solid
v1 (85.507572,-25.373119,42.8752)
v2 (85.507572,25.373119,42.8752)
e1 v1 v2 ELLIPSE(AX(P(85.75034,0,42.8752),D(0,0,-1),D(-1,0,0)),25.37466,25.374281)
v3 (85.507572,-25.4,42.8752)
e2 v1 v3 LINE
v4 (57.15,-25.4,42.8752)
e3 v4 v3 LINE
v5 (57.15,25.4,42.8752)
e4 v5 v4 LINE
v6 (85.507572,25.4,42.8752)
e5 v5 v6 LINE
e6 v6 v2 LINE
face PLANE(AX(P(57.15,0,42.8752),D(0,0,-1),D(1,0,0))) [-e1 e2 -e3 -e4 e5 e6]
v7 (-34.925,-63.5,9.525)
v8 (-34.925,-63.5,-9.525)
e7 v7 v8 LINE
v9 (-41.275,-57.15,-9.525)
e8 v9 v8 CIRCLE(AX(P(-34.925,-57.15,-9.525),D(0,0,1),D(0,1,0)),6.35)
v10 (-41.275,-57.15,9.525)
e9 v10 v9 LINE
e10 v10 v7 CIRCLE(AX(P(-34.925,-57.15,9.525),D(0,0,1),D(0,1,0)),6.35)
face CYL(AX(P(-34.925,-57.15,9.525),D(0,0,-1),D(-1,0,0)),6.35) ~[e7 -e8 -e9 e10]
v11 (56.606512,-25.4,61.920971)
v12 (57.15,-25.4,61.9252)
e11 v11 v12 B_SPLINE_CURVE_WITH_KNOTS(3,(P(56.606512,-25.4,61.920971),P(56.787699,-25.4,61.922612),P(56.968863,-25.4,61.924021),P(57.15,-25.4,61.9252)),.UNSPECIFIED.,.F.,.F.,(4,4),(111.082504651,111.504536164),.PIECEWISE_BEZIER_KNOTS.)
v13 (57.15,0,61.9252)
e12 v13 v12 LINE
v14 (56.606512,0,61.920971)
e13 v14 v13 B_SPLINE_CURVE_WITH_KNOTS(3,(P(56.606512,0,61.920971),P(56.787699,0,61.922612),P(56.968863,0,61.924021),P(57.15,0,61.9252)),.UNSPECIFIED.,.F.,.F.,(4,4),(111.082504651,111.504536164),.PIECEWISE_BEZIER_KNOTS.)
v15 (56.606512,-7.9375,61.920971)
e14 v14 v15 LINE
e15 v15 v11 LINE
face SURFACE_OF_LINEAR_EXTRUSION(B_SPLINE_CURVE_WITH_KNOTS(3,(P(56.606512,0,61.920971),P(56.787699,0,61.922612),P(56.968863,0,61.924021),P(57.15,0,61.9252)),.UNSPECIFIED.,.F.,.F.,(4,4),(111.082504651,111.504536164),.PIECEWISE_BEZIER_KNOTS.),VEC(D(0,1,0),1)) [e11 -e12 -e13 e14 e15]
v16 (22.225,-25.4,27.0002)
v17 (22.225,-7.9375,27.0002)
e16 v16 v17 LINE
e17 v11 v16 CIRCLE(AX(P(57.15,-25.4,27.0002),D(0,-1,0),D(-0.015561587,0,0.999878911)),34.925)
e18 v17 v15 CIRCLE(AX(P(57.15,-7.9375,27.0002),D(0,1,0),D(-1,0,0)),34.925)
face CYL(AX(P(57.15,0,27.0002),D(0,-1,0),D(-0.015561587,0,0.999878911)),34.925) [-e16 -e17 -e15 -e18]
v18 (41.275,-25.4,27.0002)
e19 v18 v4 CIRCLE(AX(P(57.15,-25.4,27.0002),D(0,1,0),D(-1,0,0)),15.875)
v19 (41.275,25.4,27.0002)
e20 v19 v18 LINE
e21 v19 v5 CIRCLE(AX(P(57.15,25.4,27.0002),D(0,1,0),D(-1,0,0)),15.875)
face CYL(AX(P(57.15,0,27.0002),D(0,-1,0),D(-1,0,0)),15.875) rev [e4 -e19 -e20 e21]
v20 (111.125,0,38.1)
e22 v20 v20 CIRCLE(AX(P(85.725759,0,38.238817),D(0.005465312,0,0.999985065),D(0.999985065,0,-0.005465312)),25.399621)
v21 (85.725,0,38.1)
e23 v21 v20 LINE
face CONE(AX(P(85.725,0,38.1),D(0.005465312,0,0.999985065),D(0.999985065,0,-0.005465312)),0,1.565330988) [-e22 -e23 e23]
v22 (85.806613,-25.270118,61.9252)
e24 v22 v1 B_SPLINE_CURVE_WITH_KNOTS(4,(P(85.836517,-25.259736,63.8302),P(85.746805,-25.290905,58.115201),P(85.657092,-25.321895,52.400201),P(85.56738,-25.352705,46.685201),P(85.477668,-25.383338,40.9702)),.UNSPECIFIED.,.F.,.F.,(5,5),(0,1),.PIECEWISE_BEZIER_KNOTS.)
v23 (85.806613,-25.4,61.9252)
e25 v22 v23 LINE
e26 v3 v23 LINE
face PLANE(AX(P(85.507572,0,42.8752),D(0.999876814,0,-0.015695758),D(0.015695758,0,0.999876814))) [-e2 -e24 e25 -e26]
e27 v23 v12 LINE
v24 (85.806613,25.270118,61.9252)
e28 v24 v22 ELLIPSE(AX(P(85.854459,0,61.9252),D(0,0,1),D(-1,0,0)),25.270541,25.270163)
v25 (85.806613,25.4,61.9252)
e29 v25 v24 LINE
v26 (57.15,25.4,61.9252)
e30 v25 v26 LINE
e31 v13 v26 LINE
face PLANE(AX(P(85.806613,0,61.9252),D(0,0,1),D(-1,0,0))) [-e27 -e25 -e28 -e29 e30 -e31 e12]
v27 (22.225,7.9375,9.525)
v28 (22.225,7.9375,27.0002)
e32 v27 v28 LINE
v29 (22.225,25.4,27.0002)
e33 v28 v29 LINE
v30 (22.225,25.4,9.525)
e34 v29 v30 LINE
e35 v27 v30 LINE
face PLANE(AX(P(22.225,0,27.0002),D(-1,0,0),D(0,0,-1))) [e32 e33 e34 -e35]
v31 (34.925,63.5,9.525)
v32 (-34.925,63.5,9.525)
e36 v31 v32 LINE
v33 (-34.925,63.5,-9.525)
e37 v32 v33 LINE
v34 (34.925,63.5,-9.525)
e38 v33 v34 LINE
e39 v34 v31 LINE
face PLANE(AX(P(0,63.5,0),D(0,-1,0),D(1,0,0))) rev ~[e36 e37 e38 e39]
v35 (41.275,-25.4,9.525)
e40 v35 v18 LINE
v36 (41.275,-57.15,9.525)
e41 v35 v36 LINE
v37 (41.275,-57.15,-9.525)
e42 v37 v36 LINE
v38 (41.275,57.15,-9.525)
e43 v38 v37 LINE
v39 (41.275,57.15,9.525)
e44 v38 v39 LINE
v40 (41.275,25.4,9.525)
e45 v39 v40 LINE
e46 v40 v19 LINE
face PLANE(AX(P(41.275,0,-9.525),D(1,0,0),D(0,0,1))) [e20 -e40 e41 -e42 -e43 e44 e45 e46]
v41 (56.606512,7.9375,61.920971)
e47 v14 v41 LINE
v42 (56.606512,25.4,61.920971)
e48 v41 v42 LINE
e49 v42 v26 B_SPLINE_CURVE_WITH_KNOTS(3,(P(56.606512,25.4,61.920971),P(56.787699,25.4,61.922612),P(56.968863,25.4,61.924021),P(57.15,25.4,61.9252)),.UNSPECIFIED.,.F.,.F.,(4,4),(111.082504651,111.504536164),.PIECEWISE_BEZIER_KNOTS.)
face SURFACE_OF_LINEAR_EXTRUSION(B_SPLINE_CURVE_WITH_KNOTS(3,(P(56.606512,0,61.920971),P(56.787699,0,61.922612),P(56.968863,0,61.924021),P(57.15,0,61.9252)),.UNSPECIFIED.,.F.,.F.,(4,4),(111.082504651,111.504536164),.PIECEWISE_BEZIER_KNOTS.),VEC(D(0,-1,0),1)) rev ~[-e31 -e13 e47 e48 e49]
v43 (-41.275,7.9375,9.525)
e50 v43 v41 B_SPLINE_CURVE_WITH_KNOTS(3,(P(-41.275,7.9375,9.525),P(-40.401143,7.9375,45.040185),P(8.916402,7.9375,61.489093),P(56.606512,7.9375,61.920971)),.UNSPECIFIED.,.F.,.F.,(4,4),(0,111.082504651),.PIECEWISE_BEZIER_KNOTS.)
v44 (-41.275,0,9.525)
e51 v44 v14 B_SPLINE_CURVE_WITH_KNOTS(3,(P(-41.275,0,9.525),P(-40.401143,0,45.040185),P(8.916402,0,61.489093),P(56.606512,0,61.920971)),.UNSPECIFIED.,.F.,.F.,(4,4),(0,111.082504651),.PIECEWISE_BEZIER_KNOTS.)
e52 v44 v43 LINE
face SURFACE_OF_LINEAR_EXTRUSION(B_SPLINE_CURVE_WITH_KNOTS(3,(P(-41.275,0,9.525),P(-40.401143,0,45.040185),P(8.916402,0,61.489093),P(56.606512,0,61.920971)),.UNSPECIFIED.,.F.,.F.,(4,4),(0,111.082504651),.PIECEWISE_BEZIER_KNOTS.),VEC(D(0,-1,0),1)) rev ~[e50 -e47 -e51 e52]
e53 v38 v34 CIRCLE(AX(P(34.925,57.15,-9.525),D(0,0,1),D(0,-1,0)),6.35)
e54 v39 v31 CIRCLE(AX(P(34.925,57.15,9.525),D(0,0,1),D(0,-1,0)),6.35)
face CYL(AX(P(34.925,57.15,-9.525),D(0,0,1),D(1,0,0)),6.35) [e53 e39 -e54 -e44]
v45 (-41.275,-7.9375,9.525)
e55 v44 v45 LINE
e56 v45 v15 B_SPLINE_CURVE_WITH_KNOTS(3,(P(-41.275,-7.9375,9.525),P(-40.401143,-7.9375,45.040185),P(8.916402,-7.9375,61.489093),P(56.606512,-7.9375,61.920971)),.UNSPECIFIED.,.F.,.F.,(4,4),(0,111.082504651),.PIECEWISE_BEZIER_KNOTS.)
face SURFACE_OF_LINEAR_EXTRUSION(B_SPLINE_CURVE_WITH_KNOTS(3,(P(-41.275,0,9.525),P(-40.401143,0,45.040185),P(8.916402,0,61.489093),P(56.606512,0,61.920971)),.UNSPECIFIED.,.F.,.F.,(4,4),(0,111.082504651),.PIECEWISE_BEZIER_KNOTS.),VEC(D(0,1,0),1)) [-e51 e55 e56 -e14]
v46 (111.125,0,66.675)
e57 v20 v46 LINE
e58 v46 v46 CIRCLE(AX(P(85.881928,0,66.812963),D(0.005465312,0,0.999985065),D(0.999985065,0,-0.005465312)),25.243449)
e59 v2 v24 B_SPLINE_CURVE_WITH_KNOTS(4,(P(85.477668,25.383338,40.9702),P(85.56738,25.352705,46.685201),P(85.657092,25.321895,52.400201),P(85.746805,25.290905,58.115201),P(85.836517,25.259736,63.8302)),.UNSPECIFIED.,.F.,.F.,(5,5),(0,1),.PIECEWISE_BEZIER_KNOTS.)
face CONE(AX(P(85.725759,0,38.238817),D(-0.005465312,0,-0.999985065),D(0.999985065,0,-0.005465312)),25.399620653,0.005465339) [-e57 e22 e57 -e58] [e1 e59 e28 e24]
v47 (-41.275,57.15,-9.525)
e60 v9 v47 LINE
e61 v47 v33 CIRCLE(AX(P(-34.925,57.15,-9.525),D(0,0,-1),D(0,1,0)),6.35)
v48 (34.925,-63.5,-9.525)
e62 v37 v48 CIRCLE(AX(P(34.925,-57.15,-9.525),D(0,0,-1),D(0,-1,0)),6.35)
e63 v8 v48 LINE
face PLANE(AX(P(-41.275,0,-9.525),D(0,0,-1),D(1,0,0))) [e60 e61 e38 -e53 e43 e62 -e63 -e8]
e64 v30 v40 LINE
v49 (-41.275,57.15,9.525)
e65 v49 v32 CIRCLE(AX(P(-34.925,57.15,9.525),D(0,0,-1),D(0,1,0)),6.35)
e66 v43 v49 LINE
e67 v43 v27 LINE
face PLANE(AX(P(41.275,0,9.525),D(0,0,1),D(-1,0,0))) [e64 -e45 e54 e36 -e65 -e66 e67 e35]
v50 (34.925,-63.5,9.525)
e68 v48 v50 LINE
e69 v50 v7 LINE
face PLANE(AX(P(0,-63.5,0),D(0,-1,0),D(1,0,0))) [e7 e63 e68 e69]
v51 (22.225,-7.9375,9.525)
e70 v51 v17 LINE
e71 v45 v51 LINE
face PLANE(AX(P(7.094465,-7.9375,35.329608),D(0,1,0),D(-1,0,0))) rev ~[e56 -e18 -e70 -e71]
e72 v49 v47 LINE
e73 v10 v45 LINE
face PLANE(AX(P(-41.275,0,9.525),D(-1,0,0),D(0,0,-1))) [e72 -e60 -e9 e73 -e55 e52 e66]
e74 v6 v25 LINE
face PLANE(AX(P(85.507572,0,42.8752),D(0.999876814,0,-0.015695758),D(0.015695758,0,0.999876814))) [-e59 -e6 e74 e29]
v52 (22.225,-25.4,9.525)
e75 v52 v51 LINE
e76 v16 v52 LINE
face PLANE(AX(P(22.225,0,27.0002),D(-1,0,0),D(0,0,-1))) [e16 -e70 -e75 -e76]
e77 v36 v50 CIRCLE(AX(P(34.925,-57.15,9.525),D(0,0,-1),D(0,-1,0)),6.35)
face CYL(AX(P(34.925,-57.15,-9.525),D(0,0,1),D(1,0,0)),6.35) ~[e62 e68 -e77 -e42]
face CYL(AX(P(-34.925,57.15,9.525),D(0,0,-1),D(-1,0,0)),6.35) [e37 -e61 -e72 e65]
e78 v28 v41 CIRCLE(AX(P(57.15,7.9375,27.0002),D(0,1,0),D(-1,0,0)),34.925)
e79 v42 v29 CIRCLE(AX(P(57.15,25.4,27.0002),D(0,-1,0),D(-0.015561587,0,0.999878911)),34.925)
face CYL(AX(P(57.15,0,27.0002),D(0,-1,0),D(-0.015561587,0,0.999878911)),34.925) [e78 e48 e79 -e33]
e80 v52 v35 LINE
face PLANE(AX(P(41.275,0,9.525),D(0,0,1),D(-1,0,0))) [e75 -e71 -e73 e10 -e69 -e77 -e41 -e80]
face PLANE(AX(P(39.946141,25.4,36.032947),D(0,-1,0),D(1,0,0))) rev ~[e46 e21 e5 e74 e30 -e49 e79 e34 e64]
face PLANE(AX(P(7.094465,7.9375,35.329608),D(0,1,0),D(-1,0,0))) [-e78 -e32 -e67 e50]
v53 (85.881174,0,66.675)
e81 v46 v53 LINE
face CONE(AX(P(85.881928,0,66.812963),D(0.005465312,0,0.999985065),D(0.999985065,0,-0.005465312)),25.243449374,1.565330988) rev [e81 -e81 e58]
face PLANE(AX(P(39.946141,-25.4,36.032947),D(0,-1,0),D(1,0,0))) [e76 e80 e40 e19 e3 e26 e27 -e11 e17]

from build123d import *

# Parameters (mm, degrees)
F1_DEPTH = 63.5
F2_DEPTH = 25.4
F3_DEPTH = 7.9375
F5_R     = 6.35


with BuildPart() as f1:
    # F0 (on Front) → F1 (new body, symmetric)
    with BuildSketch(Plane.XZ):
        Polygon((-41.275, -9.525), (41.275, -9.525), (41.275, 9.525), (22.225, 9.525), (-41.275, 9.525), align=None)
    extrude(amount=F1_DEPTH, both=True)

    # F0 (on Front) → F2 (join, symmetric)
    with BuildSketch(Plane.XZ):
        with BuildLine():
            Line((22.225, 9.525), (41.275, 9.525))
            Line((41.275, 9.525), (41.275, 27.0002))
            ThreePointArc((41.275, 27.0002), (45.9246798487, 38.2255201513), (57.15, 42.8752))
            Line((57.15, 42.8752), (60.325, 42.8752))
            Line((60.325, 42.8752), (60.325, 61.9252))
            Line((60.325, 61.9252), (57.15, 61.9252))
            add(Edge.make_bspline(
                [(56.6065115884, 61.920970973), (56.7876987986, 61.922611789), (56.9688625178, 61.9240214089), (57.15, 61.9252)],
                knots=[111.0825046513, 111.0825046513, 111.0825046513, 111.0825046513, 111.5045361635, 111.5045361635, 111.5045361635, 111.5045361635], degree=3))
            ThreePointArc((56.6065115884, 61.920970973), (32.262885284, 51.5029987404), (22.225, 27.0002))
            Line((22.225, 27.0002), (22.225, 9.525))
        make_face()
        Polygon((60.325, 61.9252), (60.325, 42.8752), (85.5075716972, 42.8752), (85.8066127165, 61.9252), align=None)
    extrude(amount=F2_DEPTH, both=True)

    # F0 (on Front) → F3 (join, symmetric)
    with BuildSketch(Plane.XZ):
        with BuildLine():
            add(Edge.make_bspline(
                [(-41.275, 9.525), (-40.4011428689, 45.0401850248), (8.9164018698, 61.4890933851), (56.6065115884, 61.920970973)],
                knots=[0, 0, 0, 0, 111.0825046513, 111.0825046513, 111.0825046513, 111.0825046513], degree=3))
            Line((-41.275, 9.525), (22.225, 9.525))
            Line((22.225, 9.525), (22.225, 27.0002))
            ThreePointArc((22.225, 27.0002), (32.262885284, 51.5029987404), (56.6065115884, 61.920970973))
        make_face()
    extrude(amount=F3_DEPTH, both=True)

    # F0 (on Front) → F4 (revolve)
    with BuildSketch(Plane.XZ):
        Polygon((85.8552140861, 61.9252), (85.725, 38.1), (111.125, 38.1), (111.125, 66.675), (85.8811736107, 66.675), align=None)
    revolve(axis=Axis((85.8030868053, 0, 52.3875), (0.0054653116, 0, 0.9999850651)))

    # F5
    f5_edges = [f1.edges().sort_by_distance(p)[0] for p in [
        (41.275, -63.5, 0),
        (-41.275, -63.5, 0),
        (-41.275, 63.5, 0),
        (41.275, 63.5, 0),
    ]]
    fillet(f5_edges, radius=F5_R)


solid = f1.part
